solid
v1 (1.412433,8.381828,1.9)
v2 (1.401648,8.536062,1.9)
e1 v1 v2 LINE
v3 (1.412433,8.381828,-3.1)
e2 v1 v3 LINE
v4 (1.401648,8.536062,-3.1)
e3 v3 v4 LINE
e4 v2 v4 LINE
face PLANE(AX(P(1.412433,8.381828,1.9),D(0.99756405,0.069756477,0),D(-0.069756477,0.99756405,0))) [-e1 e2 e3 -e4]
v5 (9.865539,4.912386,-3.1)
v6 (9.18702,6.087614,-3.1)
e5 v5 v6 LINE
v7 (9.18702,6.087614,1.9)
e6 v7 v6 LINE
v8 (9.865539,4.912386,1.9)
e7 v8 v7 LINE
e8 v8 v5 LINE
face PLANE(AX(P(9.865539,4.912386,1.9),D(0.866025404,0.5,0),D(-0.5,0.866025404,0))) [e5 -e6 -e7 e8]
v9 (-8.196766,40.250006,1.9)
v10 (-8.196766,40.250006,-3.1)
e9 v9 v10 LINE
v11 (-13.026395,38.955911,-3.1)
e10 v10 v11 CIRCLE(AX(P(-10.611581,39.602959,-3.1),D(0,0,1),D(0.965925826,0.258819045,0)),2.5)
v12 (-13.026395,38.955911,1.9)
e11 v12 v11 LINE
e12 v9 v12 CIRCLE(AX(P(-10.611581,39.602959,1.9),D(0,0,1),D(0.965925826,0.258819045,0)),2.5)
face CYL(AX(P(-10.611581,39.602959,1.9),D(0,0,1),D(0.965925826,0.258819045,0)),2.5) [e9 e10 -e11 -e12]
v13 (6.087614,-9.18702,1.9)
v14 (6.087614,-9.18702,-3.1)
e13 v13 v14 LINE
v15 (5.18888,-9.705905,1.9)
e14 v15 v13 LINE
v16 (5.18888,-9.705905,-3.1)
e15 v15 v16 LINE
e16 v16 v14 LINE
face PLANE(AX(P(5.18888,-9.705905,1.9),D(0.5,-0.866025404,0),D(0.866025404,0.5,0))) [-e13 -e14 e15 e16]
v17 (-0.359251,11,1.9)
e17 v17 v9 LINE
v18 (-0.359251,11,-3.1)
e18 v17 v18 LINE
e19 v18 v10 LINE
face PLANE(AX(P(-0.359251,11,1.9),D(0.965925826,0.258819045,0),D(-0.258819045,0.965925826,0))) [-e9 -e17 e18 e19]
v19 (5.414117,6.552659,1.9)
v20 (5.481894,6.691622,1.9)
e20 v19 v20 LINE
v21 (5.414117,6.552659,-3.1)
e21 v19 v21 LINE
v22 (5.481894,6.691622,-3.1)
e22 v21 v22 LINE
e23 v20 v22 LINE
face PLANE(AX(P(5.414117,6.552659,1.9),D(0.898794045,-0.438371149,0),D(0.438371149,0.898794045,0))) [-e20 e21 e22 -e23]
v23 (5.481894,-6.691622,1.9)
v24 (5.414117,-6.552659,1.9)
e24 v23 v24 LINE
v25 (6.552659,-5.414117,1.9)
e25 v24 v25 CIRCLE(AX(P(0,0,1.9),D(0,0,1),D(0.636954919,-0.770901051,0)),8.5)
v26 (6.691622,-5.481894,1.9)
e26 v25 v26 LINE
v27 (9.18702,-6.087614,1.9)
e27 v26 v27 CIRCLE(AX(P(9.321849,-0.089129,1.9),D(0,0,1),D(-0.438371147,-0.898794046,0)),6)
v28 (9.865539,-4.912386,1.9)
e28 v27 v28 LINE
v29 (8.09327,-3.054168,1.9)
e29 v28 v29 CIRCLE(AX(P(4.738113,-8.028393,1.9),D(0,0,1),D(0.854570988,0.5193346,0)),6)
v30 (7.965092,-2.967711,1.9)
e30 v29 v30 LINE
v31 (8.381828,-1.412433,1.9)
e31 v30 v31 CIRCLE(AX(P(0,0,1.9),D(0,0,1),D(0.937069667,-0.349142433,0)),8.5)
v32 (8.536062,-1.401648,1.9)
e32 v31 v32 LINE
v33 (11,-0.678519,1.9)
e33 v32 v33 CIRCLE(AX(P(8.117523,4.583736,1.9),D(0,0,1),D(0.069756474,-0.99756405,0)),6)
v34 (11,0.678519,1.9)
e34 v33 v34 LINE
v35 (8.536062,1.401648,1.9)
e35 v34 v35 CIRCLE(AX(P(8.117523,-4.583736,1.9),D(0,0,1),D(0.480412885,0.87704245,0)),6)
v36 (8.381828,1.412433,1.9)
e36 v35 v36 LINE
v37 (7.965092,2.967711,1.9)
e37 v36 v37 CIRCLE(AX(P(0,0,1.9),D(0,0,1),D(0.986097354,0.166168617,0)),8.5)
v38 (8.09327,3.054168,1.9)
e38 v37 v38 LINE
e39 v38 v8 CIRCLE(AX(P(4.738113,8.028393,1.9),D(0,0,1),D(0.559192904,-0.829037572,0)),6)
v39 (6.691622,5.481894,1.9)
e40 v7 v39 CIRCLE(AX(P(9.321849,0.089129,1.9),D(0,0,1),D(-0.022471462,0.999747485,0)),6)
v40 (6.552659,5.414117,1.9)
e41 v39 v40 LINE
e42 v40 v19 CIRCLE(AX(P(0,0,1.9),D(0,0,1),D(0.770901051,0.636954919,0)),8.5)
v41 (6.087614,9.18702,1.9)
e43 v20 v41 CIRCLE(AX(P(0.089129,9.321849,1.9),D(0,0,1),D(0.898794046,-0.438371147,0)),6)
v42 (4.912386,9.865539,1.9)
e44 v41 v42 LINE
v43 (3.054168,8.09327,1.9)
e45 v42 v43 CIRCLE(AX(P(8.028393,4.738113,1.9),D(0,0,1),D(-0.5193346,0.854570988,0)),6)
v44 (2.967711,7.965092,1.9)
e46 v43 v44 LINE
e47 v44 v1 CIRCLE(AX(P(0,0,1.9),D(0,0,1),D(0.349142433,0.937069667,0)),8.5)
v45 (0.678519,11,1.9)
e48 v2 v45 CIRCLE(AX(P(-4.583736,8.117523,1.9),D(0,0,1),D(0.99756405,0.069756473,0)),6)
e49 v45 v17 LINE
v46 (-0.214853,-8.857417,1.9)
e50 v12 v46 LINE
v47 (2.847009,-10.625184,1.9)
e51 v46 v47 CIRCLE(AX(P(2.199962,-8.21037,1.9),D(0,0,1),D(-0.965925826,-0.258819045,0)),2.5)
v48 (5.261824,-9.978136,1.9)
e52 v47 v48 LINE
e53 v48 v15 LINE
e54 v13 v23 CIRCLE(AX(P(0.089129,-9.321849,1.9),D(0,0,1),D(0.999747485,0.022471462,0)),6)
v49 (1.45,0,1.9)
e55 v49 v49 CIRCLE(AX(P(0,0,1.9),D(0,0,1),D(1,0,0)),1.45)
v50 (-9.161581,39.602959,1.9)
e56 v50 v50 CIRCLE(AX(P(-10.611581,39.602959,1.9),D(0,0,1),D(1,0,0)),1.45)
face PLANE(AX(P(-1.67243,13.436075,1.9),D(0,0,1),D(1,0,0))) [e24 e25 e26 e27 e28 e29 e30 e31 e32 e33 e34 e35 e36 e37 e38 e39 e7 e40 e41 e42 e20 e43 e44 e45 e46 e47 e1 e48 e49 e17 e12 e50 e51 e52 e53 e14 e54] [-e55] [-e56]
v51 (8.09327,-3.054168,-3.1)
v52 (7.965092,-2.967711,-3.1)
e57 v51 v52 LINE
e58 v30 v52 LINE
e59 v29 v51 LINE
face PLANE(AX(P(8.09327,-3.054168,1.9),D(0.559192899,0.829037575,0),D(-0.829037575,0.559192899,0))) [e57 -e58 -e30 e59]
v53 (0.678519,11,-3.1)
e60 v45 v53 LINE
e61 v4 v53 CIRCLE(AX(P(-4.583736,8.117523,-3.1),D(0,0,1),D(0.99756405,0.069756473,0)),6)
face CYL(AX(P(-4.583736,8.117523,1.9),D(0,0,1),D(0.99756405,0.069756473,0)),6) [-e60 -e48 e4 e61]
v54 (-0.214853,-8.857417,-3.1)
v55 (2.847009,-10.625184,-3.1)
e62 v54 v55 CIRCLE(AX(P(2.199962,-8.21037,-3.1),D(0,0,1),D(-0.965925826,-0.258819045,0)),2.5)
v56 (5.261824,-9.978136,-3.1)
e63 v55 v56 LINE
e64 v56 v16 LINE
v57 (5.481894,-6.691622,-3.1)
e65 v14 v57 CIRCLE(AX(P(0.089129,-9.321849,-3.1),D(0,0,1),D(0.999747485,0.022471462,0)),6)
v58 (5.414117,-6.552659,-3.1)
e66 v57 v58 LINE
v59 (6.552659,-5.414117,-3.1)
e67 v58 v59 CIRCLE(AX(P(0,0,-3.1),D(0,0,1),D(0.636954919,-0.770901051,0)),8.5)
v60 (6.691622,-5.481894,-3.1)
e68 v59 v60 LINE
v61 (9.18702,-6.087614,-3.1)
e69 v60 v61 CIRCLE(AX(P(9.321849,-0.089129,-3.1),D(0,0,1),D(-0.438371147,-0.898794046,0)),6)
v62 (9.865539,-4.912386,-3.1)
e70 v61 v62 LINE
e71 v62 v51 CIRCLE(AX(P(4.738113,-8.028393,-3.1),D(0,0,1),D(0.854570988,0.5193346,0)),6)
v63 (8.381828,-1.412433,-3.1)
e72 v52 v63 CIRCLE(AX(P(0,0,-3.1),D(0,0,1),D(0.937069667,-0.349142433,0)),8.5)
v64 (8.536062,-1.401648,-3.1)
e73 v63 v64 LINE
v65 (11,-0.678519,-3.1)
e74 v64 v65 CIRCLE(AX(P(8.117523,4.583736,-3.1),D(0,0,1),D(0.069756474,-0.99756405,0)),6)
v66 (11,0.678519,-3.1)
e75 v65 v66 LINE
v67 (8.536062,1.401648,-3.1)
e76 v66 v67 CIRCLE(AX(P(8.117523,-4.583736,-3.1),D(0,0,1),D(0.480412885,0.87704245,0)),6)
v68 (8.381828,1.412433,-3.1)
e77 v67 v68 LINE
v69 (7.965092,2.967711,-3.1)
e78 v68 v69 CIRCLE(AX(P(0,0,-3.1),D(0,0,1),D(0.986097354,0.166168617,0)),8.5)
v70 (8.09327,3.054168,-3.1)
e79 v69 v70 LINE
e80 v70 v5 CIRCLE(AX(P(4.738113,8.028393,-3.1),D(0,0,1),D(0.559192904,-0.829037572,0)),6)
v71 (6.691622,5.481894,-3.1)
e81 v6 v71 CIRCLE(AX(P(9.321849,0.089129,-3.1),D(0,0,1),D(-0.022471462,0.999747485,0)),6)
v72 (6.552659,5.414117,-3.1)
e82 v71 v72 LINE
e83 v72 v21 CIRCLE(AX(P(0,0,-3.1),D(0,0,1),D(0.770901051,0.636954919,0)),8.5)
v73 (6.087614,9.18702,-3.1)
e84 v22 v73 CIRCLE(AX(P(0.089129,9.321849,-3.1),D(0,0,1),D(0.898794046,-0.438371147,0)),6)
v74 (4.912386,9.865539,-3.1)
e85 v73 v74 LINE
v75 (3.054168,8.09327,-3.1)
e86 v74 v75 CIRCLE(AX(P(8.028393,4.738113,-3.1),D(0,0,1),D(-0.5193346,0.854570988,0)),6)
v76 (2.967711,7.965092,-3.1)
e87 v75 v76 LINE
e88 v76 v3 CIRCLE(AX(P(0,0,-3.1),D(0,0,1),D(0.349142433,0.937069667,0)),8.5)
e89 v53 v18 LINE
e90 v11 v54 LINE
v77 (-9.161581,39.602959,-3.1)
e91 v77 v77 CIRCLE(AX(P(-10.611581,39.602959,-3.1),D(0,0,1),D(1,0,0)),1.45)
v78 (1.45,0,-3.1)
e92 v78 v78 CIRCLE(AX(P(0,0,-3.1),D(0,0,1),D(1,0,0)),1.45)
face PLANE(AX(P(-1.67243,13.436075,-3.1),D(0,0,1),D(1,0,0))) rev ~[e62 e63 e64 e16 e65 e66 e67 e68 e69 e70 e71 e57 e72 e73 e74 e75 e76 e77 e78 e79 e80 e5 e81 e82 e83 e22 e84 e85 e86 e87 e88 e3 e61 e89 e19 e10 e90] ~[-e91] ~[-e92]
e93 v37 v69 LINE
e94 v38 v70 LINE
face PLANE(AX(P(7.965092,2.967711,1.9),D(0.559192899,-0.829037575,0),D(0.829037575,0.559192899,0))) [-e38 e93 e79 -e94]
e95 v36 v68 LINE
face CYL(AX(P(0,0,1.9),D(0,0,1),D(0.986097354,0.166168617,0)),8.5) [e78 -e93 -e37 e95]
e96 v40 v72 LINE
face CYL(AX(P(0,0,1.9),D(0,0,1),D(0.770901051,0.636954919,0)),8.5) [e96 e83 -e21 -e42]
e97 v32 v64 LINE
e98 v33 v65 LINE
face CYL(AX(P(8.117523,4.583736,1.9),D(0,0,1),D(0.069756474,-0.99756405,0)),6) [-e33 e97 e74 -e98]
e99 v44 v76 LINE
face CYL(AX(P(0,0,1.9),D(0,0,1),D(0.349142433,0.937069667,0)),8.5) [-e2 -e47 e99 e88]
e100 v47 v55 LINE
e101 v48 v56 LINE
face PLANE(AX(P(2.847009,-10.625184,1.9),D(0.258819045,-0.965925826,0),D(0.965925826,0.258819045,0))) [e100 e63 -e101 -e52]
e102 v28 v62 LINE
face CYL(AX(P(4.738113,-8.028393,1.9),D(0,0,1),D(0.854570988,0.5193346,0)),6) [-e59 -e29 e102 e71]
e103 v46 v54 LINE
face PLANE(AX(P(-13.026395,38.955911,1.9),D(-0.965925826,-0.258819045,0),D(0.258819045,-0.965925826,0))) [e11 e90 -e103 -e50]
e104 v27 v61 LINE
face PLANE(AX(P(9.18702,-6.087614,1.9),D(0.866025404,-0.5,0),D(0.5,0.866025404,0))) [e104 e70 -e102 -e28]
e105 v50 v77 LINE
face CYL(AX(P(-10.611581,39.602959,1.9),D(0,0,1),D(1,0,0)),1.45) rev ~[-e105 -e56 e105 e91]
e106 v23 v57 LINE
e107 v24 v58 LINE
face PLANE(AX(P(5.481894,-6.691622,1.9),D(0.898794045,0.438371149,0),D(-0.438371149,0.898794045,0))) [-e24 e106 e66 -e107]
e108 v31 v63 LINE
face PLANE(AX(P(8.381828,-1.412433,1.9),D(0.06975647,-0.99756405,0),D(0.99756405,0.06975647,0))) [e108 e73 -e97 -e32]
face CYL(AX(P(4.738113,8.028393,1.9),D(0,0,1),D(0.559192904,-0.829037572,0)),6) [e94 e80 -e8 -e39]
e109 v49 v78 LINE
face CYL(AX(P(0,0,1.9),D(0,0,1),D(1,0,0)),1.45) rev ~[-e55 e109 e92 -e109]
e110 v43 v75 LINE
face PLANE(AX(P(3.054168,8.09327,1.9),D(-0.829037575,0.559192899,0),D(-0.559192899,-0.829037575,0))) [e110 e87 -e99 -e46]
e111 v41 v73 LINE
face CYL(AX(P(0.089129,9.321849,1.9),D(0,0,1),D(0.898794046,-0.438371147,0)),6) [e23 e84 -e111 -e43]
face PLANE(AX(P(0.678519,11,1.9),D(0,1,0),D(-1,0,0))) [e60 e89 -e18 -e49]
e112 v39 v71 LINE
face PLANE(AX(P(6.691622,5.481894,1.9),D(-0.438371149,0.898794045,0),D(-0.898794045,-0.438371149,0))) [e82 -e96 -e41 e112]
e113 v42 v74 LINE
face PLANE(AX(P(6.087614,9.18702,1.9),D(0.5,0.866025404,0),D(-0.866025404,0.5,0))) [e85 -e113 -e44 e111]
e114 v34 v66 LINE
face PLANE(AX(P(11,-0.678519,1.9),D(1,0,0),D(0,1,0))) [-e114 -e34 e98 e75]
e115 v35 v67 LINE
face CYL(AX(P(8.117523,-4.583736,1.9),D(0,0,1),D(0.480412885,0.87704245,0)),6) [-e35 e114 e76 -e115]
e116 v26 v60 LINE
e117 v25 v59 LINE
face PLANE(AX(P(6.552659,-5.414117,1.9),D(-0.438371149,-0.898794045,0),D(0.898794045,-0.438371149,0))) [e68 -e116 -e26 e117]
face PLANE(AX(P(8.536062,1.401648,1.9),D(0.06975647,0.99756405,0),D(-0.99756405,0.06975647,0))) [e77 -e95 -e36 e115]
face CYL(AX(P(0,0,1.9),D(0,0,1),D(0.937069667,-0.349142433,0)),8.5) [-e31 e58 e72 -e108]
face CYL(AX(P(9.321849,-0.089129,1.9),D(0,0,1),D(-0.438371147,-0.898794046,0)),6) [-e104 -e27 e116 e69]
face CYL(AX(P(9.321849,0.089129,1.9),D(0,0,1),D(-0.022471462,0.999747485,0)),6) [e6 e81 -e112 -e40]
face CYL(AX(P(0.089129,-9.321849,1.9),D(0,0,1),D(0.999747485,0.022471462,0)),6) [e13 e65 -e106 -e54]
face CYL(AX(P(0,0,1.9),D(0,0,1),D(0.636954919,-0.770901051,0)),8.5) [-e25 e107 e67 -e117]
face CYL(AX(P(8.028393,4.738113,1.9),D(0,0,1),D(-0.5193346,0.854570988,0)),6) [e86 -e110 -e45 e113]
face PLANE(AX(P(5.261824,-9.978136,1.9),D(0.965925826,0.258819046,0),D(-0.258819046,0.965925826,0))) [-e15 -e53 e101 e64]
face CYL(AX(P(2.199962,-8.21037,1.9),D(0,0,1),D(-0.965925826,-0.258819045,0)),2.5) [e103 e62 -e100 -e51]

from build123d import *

# Parameters (mm, degrees)
SKETCH1_R           = 1.45
BOSS_EXTRUDE1_DEPTH = 5


with BuildPart() as part:
    # Sketch1 → Boss-Extrude1 (new body)
    with BuildSketch(Plane.XY.offset(1.9)):
        with BuildLine():
            Line((-13.026395415, 38.955911265), (-0.214852682, -8.857417136))
            ThreePointArc((-0.214852682, -8.857417136), (0.949961883, -10.375433033), (2.847009496, -10.625184089))
            Line((2.847009496, -10.625184089), (5.261824062, -9.978136476))
            Line((5.261824062, -9.978136476), (5.188879797, -9.705904774))
            Line((5.188879797, -9.705904774), (6.08761429, -9.187020173))
            ThreePointArc((6.08761429, -9.187020173), (5.919814799, -7.906537121), (5.481893659, -6.691622066))
            Line((5.481893659, -6.691622066), (5.414116812, -6.552658937))
            ThreePointArc((5.414116812, -6.552658937), (6.01040764, -6.01040764), (6.552658937, -5.414116812))
            Line((6.552658937, -5.414116812), (6.691622066, -5.481893659))
            ThreePointArc((6.691622066, -5.481893659), (7.906537121, -5.919814799), (9.187020173, -6.08761429))
            Line((9.187020173, -6.08761429), (9.86553871, -4.91238571))
            ThreePointArc((9.86553871, -4.91238571), (9.079978562, -3.887354604), (8.093270203, -3.054167872))
            Line((8.093270203, -3.054167872), (7.965092167, -2.967710696))
            ThreePointArc((7.965092167, -2.967710696), (8.210369523, -2.199961883), (8.381827508, -1.41243323))
            Line((8.381827508, -1.41243323), (8.536061531, -1.401648137))
            ThreePointArc((8.536061531, -1.401648137), (9.807169402, -1.173441441), (11, -0.678518537))
            Line((11, -0.678518537), (11, 0.678518537))
            ThreePointArc((11, 0.678518537), (9.807169402, 1.173441441), (8.536061531, 1.401648137))
            Line((8.536061531, 1.401648137), (8.381827508, 1.41243323))
            ThreePointArc((8.381827508, 1.41243323), (8.210369523, 2.199961883), (7.965092167, 2.967710696))
            Line((7.965092167, 2.967710696), (8.093270203, 3.054167872))
            ThreePointArc((8.093270203, 3.054167872), (9.079978562, 3.887354604), (9.86553871, 4.91238571))
            Line((9.86553871, 4.91238571), (9.187020173, 6.08761429))
            ThreePointArc((9.187020173, 6.08761429), (7.906537121, 5.919814799), (6.691622066, 5.481893659))
            Line((6.691622066, 5.481893659), (6.552658937, 5.414116812))
            ThreePointArc((6.552658937, 5.414116812), (6.01040764, 6.01040764), (5.414116812, 6.552658937))
            Line((5.414116812, 6.552658937), (5.481893659, 6.691622066))
            ThreePointArc((5.481893659, 6.691622066), (5.919814799, 7.906537121), (6.08761429, 9.187020173))
            Line((6.08761429, 9.187020173), (4.91238571, 9.86553871))
            ThreePointArc((4.91238571, 9.86553871), (3.887354604, 9.079978562), (3.054167872, 8.093270203))
            Line((3.054167872, 8.093270203), (2.967710696, 7.965092167))
            ThreePointArc((2.967710696, 7.965092167), (2.199961883, 8.210369523), (1.41243323, 8.381827508))
            Line((1.41243323, 8.381827508), (1.401648136, 8.536061531))
            ThreePointArc((1.401648136, 8.536061531), (1.173441441, 9.807169402), (0.678518537, 11))
            Line((0.678518537, 11), (-0.359250666, 11))
            Line((-0.359250666, 11), (-8.196766283, 40.250006491))
            ThreePointArc((-8.196766283, 40.250006491), (-11.258628462, 42.017773444), (-13.026395415, 38.955911265))
        make_face()
        with Locations((-10.611580849, 39.602958878)):
            Circle(SKETCH1_R, mode=Mode.SUBTRACT)
        Circle(SKETCH1_R, mode=Mode.SUBTRACT)
    extrude(amount=-BOSS_EXTRUDE1_DEPTH)


solid = part.part
